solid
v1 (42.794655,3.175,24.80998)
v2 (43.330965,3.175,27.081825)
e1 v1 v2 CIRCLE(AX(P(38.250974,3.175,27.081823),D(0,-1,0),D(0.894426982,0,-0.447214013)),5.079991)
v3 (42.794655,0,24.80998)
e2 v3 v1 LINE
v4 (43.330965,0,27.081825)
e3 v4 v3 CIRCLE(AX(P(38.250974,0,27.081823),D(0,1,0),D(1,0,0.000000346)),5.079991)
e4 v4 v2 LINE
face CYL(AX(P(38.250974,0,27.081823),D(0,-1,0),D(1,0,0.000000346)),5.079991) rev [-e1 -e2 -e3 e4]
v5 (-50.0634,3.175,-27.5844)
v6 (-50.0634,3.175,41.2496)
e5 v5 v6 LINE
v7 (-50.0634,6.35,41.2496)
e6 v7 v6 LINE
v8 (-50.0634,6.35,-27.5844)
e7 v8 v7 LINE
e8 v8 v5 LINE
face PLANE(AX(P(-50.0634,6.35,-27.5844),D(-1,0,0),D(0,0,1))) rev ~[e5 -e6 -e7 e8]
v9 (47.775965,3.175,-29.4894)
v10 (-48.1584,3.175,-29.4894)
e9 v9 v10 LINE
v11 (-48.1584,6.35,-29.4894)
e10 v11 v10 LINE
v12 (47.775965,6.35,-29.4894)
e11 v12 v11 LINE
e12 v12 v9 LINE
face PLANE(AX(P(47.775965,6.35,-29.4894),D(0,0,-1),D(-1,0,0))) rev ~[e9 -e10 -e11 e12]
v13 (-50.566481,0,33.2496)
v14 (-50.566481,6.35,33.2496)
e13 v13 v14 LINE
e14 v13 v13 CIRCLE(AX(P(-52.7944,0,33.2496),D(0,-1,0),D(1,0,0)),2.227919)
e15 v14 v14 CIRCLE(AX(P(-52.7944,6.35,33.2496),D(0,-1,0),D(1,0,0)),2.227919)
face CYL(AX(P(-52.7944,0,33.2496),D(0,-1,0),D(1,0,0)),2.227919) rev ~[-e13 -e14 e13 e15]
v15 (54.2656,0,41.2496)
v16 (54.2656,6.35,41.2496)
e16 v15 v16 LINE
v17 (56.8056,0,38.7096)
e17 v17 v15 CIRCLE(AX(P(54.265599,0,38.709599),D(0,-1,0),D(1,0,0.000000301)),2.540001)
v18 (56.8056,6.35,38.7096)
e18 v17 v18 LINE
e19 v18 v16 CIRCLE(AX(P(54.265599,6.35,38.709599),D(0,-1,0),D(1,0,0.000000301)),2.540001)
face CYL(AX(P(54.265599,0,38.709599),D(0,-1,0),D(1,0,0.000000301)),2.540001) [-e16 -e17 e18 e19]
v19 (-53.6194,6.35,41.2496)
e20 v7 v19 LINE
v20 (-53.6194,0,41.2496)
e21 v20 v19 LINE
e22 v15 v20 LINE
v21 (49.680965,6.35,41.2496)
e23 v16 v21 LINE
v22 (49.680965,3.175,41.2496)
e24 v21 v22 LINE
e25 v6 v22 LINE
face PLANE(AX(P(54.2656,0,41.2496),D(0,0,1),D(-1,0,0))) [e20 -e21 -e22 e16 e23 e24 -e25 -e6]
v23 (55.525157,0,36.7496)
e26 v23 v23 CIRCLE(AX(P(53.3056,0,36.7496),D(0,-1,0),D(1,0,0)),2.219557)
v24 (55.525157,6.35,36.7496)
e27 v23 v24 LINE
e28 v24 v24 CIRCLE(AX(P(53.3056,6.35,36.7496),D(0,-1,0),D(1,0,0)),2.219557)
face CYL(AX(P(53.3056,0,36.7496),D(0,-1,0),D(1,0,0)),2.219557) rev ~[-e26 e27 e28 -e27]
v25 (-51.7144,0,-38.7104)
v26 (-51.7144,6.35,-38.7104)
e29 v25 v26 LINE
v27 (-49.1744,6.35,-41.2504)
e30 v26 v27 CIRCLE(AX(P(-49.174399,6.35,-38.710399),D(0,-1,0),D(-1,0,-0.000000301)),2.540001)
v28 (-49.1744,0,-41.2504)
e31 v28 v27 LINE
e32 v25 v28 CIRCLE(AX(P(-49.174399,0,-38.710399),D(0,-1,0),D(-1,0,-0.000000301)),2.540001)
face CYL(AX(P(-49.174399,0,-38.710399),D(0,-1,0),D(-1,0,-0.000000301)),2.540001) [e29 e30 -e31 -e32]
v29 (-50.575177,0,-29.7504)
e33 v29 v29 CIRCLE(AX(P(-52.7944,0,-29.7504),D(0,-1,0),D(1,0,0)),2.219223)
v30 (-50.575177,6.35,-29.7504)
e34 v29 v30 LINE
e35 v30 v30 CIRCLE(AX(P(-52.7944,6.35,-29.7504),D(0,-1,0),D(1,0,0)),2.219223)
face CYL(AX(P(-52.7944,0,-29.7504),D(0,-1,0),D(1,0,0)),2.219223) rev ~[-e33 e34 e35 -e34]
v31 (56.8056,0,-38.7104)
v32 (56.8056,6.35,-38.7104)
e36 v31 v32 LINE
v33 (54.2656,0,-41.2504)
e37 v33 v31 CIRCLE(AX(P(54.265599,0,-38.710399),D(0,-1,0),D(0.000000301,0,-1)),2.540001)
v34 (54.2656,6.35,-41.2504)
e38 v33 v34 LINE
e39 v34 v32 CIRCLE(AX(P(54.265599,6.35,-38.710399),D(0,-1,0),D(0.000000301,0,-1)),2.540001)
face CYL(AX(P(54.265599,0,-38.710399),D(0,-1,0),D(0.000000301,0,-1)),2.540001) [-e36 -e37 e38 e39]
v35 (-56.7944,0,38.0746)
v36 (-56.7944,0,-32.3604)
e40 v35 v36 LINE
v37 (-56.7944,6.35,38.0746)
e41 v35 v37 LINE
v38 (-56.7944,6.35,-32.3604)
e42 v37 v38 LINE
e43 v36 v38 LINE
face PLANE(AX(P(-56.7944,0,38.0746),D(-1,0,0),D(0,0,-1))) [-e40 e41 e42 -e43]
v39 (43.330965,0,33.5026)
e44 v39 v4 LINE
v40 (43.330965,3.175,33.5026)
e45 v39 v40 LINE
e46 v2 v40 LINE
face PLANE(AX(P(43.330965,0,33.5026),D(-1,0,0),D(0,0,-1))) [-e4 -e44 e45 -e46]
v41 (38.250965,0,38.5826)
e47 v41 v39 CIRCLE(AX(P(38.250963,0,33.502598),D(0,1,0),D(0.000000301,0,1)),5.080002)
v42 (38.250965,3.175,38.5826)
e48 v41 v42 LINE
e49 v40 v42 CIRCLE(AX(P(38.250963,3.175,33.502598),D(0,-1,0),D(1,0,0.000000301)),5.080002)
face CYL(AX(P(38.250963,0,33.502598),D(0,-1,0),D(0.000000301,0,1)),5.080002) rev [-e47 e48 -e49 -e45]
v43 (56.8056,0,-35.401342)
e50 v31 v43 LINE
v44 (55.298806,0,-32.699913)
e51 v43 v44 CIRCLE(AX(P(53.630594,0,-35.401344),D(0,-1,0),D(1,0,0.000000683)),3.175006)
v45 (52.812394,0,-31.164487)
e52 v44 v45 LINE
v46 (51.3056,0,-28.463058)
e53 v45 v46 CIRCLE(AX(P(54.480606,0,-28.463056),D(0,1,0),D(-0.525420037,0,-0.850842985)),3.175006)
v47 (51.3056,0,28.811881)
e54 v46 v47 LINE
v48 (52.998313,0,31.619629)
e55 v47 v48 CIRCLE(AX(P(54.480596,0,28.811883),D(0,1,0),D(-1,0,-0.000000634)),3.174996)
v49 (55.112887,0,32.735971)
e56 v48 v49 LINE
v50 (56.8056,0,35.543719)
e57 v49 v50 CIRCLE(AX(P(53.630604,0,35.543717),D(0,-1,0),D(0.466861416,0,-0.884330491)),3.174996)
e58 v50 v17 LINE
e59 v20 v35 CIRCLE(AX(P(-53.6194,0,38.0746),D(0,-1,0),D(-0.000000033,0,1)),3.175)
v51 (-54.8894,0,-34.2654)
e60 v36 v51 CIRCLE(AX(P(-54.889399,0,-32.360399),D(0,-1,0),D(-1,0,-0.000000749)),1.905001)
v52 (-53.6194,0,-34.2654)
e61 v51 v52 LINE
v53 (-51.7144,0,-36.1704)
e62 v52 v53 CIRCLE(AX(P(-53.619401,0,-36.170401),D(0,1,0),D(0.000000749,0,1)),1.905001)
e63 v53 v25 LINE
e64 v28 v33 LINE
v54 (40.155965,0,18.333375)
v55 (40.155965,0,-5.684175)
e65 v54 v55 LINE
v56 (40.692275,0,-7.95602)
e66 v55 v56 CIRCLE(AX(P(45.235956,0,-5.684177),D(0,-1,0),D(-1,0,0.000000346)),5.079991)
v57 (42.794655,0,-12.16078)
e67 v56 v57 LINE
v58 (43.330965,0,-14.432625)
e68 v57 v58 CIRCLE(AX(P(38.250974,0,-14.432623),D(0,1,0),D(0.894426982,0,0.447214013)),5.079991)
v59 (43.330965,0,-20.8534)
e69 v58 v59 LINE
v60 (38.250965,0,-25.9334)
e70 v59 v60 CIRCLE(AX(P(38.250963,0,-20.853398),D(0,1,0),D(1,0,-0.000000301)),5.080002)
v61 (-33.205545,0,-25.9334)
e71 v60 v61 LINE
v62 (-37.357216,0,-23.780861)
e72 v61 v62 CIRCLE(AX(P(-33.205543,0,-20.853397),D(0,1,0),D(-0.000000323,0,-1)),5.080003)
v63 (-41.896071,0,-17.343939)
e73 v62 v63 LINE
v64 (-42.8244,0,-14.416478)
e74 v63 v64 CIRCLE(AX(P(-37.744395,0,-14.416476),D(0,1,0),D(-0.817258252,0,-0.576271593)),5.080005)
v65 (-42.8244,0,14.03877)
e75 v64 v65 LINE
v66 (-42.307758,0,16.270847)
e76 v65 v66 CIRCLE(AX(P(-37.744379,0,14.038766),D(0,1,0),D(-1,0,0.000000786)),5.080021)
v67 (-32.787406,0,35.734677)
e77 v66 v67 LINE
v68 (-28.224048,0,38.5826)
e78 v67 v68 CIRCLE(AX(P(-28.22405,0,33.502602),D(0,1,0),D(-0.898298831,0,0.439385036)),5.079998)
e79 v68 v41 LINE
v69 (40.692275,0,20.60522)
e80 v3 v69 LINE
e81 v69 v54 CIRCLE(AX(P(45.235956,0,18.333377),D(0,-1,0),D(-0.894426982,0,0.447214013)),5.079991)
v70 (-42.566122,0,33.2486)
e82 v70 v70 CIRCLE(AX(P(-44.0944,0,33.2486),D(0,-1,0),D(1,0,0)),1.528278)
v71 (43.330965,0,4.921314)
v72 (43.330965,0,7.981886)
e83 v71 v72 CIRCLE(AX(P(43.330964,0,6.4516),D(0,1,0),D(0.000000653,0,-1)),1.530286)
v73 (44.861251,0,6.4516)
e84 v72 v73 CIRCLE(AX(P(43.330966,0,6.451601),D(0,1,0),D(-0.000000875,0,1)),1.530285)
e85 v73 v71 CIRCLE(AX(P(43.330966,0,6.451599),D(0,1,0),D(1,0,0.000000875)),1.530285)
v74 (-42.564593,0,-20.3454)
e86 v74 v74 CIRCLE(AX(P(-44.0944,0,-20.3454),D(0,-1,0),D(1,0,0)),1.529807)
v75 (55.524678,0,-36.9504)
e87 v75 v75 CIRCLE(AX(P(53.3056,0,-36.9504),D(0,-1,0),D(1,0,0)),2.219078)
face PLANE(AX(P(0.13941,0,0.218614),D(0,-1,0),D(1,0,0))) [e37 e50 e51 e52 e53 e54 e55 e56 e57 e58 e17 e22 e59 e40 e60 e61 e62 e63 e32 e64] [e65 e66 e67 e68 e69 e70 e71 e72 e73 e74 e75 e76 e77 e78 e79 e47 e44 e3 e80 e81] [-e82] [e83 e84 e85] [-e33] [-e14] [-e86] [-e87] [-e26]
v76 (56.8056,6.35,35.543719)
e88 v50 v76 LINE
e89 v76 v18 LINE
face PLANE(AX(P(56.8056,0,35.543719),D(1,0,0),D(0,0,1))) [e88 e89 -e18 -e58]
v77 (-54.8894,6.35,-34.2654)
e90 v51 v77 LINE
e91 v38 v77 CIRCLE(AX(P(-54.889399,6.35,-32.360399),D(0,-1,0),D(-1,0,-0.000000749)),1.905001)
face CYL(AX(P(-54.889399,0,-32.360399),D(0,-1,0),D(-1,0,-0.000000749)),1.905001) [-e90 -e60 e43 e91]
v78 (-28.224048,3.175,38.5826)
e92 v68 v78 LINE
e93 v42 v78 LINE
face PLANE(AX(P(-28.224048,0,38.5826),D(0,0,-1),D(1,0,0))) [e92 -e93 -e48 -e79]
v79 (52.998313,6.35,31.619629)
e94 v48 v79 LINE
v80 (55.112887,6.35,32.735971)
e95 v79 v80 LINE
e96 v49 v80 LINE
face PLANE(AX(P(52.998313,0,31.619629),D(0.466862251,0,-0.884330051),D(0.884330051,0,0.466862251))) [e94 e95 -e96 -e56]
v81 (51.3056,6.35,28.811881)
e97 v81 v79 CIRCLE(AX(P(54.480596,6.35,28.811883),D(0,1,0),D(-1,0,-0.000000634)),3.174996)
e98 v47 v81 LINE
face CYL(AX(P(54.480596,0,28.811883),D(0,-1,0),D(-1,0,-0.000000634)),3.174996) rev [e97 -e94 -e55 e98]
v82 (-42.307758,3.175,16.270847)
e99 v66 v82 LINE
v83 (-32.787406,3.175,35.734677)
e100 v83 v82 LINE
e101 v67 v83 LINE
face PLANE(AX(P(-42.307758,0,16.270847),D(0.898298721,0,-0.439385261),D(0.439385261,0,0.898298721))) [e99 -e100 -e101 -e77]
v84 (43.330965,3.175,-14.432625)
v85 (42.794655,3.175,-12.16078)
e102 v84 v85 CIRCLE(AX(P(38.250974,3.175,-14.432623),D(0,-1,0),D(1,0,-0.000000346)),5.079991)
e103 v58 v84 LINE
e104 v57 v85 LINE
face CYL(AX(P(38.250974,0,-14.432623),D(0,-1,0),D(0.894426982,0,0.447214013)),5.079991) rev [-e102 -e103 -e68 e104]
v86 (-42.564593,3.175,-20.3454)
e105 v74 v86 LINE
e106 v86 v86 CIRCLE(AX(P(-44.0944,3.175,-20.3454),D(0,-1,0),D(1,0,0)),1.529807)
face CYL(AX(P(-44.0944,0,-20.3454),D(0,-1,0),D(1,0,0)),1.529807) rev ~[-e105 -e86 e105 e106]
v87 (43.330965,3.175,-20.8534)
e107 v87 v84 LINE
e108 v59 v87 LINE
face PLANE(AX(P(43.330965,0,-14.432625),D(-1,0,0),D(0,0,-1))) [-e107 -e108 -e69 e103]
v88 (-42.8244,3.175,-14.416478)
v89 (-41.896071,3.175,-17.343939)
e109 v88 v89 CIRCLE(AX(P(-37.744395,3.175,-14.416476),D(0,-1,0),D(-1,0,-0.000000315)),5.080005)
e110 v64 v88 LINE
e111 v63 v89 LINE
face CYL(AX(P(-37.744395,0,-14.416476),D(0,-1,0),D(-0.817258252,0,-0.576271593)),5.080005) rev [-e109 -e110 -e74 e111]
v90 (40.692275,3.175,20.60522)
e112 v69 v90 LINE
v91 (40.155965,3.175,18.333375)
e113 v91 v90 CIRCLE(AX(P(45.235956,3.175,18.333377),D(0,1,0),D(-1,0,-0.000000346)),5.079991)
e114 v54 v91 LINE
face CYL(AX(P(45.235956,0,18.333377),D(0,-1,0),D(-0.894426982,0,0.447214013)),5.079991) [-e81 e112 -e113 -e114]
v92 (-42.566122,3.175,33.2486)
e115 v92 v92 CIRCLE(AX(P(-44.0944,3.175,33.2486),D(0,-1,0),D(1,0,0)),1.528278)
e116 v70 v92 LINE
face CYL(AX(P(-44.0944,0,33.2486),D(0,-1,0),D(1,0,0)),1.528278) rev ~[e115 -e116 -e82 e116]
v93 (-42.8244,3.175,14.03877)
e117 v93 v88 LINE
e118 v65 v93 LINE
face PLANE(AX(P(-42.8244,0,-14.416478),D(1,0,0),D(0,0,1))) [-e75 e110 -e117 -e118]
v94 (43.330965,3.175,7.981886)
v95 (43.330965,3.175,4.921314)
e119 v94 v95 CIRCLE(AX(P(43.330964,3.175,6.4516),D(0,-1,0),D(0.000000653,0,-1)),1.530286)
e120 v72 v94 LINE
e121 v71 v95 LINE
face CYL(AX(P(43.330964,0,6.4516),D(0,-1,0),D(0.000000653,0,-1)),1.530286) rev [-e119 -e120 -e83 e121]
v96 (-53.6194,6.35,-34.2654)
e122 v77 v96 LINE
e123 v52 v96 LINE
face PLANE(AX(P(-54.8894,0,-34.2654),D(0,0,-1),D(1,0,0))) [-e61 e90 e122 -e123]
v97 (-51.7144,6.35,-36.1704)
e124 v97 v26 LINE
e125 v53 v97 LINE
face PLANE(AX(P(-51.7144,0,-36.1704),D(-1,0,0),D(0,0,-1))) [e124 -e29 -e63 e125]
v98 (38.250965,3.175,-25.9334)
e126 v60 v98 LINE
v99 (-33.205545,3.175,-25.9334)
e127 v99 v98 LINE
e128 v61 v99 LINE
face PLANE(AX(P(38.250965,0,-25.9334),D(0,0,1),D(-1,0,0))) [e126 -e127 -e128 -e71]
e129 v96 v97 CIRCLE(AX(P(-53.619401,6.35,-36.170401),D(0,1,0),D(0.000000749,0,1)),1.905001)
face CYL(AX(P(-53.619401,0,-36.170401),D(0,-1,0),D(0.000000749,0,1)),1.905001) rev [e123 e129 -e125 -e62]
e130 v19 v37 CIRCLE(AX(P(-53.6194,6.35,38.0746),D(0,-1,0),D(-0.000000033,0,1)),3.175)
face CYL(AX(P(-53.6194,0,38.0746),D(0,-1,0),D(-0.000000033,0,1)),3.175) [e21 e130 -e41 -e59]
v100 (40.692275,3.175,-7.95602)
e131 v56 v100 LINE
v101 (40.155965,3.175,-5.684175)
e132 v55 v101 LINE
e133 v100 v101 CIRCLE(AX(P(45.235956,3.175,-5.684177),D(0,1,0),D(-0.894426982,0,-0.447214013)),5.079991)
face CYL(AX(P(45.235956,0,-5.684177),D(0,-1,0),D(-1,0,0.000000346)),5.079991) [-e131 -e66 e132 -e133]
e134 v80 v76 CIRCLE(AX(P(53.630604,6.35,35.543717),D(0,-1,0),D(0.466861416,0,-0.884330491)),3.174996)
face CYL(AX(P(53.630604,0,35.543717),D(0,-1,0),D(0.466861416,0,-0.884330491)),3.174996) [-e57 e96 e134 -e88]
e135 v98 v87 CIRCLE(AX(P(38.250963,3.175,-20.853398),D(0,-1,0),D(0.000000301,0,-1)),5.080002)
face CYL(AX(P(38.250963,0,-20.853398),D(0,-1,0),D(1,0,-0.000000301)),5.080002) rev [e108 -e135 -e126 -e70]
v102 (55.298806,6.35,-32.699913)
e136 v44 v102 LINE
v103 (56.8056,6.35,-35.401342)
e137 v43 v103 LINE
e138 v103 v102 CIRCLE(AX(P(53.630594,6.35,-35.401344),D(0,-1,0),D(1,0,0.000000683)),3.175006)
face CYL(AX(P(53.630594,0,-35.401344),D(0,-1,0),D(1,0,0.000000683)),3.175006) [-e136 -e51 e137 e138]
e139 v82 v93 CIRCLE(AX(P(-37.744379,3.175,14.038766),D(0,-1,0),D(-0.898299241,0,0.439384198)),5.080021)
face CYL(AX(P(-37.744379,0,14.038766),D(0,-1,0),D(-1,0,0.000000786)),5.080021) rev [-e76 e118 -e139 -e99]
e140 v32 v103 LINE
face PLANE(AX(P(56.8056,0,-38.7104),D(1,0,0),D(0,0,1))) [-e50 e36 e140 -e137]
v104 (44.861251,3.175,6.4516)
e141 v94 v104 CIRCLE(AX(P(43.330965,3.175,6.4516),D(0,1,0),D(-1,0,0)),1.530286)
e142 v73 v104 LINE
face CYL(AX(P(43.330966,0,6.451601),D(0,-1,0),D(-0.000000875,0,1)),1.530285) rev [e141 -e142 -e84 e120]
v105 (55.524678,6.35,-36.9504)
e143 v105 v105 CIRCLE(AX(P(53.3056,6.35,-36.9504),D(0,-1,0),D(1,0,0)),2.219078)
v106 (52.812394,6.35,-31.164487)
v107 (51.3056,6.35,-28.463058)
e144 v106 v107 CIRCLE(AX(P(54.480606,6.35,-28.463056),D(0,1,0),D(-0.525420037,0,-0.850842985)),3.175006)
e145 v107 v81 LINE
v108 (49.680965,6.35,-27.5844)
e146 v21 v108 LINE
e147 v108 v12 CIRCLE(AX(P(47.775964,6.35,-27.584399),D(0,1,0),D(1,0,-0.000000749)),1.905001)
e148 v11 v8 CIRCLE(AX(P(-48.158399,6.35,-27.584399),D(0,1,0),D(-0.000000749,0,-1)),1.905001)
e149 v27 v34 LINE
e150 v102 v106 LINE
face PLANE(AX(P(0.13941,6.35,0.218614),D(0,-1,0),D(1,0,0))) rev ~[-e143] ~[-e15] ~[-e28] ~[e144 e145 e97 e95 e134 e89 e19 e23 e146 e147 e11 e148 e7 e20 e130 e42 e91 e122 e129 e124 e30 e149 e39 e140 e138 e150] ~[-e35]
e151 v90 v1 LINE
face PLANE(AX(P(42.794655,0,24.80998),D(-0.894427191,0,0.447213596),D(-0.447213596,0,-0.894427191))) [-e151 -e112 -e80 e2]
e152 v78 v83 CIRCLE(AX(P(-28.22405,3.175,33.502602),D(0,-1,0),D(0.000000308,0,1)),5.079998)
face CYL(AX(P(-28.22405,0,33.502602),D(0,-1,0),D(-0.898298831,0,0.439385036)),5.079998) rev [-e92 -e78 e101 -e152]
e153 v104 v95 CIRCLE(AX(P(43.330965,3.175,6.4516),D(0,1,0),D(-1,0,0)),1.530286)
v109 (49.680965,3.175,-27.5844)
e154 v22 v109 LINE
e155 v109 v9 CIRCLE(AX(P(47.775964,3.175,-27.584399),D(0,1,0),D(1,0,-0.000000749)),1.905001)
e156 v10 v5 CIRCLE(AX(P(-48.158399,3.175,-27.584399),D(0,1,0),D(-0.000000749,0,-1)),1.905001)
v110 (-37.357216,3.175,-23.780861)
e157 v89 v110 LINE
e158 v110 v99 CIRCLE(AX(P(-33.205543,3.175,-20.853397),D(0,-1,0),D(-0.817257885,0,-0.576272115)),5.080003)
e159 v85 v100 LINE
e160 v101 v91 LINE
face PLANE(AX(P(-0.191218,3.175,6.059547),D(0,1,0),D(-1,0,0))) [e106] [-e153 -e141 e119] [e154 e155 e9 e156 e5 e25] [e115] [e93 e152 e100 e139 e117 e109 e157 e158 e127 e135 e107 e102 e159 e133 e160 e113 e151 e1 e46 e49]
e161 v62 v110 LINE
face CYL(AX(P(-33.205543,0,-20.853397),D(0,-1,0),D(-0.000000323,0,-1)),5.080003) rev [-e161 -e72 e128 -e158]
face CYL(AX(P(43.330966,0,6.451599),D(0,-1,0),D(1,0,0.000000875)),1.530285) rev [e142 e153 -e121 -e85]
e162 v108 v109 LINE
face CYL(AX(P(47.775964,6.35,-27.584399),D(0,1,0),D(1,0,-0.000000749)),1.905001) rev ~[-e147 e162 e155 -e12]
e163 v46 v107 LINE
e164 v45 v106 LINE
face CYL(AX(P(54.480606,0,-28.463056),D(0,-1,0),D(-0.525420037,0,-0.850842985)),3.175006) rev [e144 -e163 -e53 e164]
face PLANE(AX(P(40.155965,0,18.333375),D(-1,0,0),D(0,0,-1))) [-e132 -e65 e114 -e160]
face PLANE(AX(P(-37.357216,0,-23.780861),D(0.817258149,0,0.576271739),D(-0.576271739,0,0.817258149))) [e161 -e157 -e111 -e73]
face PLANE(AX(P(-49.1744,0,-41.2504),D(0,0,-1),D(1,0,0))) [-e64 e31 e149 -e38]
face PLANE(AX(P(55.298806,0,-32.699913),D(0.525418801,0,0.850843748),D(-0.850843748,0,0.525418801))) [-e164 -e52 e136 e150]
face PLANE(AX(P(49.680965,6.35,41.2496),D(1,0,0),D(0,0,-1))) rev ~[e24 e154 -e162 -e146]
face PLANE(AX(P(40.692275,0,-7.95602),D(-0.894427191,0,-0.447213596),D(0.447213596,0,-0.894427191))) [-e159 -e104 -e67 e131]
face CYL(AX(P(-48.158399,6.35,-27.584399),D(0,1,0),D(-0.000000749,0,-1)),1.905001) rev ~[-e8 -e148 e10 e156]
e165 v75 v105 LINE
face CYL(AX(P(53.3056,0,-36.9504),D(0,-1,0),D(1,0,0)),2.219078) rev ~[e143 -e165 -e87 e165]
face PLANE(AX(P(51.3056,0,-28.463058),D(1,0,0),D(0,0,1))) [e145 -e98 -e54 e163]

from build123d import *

# Parameters (mm, degrees)
F0_R     = 2.219223
F0_R_2   = 1.529807
F0_R_3   = 2.219078
F0_R_4   = 2.227919
F0_R_5   = 1.528278
F0_R_6   = 2.219557
F1_DEPTH = 6.35
F2_R     = 1.529807
F2_R_2   = 1.530286
F2_R_3   = 1.528278
F3_DEPTH = 3.175


with BuildPart() as f1:
    # F0 (on Front) → F1 (new body)
    with BuildSketch(Plane.XZ):
        with BuildLine():
            Line((54.2656, 41.2496), (-53.6194, 41.2496))
            ThreePointArc((-53.6194, 41.2496), (-55.864464, 40.319664), (-56.7944, 38.0746))
            Line((-56.7944, 38.0746), (-56.7944, -32.3604))
            ThreePointArc((-56.7944, -32.3604), (-56.236438, -33.707438), (-54.8894, -34.2654))
            Line((-54.8894, -34.2654), (-53.6194, -34.2654))
            ThreePointArc((-53.6194, -34.2654), (-52.272362, -34.823362), (-51.7144, -36.1704))
            Line((-51.7144, -36.1704), (-51.7144, -38.7104))
            ThreePointArc((-51.7144, -38.7104), (-50.970451, -40.506451), (-49.1744, -41.2504))
            Line((-49.1744, -41.2504), (54.2656, -41.2504))
            ThreePointArc((54.2656, -41.2504), (56.061651, -40.506451), (56.8056, -38.7104))
            Line((56.8056, -38.7104), (56.8056, -35.401342))
            ThreePointArc((56.8056, -35.401342), (56.40343, -33.854721), (55.298806, -32.699913))
            Line((55.298806, -32.699913), (52.812394, -31.164487))
            ThreePointArc((52.812394, -31.164487), (51.70777, -30.009679), (51.3056, -28.463058))
            Line((51.3056, -28.463058), (51.3056, 28.811881))
            ThreePointArc((51.3056, 28.811881), (51.761511, 30.451144), (52.998313, 31.619629))
            Line((52.998313, 31.619629), (55.112887, 32.735971))
            ThreePointArc((55.112887, 32.735971), (56.349689, 33.904456), (56.8056, 35.543719))
            Line((56.8056, 35.543719), (56.8056, 38.7096))
            ThreePointArc((56.8056, 38.7096), (56.061651, 40.505651), (54.2656, 41.2496))
        make_face()
        with Locations((-52.7944, -29.7504)):
            Circle(F0_R, mode=Mode.SUBTRACT)
        with Locations((-44.0944, -20.3454)):
            Circle(F0_R_2, mode=Mode.SUBTRACT)
        with Locations((53.3056, -36.9504)):
            Circle(F0_R_3, mode=Mode.SUBTRACT)
        with Locations((-52.7944, 33.2496)):
            Circle(F0_R_4, mode=Mode.SUBTRACT)
        with Locations((-44.0944, 33.2486)):
            Circle(F0_R_5, mode=Mode.SUBTRACT)
        with BuildLine():
            ThreePointArc((43.330965, -20.8534), (41.843067, -24.445502), (38.250965, -25.9334))
            Line((38.250965, -25.9334), (-33.205545, -25.9334))
            ThreePointArc((-33.205545, -25.9334), (-35.543803, -25.363272), (-37.357216, -23.780861))
            Line((-37.357216, -23.780861), (-41.896071, -17.343939))
            ThreePointArc((-41.896071, -17.343939), (-42.586759, -15.952042), (-42.8244, -14.416478))
            Line((-42.8244, -14.416478), (-42.8244, 14.03877))
            ThreePointArc((-42.8244, 14.03877), (-42.693554, 15.184314), (-42.307758, 16.270847))
            Line((-42.307758, 16.270847), (-32.787406, 35.734677))
            ThreePointArc((-32.787406, 35.734677), (-30.913607, 37.812203), (-28.224048, 38.5826))
            Line((-28.224048, 38.5826), (38.250965, 38.5826))
            ThreePointArc((38.250965, 38.5826), (41.843067, 37.094702), (43.330965, 33.5026))
            Line((43.330965, 33.5026), (43.330965, 27.081825))
            ThreePointArc((43.330965, 27.081825), (43.19507, 25.91468), (42.794655, 24.80998))
            Line((42.794655, 24.80998), (40.692275, 20.60522))
            ThreePointArc((40.692275, 20.60522), (40.29186, 19.50052), (40.155965, 18.333375))
            Line((40.155965, 18.333375), (40.155965, -5.684175))
            ThreePointArc((40.155965, -5.684175), (40.29186, -6.85132), (40.692275, -7.95602))
            Line((40.692275, -7.95602), (42.794655, -12.16078))
            ThreePointArc((42.794655, -12.16078), (43.19507, -13.26548), (43.330965, -14.432625))
            Line((43.330965, -14.432625), (43.330965, -20.8534))
        make_face(mode=Mode.SUBTRACT)
        with BuildLine():
            ThreePointArc((43.330965, 7.981886), (44.413041, 7.533676), (44.861251, 6.4516))
            ThreePointArc((44.861251, 6.4516), (44.413041, 5.369524), (43.330965, 4.921314))
            ThreePointArc((43.330965, 4.921314), (41.800678, 6.4516), (43.330965, 7.981886))
        make_face(mode=Mode.SUBTRACT)
        with Locations((53.3056, 36.7496)):
            Circle(F0_R_6, mode=Mode.SUBTRACT)
    extrude(amount=-F1_DEPTH)

    # F2 (on face) → F3 (cut)
    with BuildSketch(Plane(origin=(0, 6.35, 0), x_dir=(-1, 0, 0), z_dir=(0, 1, 0))):
        with BuildLine():
            Line((-47.775965, -29.4894), (48.1584, -29.4894))
            ThreePointArc((48.1584, -29.4894), (49.505438, -28.931438), (50.0634, -27.5844))
            Line((50.0634, -27.5844), (50.0634, 41.2496))
            Line((50.0634, 41.2496), (-49.680965, 41.2496))
            Line((-49.680965, 41.2496), (-49.680965, -27.5844))
            ThreePointArc((-49.680965, -27.5844), (-49.123003, -28.931438), (-47.775965, -29.4894))
        make_face()
        with Locations((44.0944, -20.3454)):
            Circle(F2_R, mode=Mode.SUBTRACT)
        with Locations((-43.330965, 6.4516)):
            Circle(F2_R_2, mode=Mode.SUBTRACT)
        with BuildLine():
            ThreePointArc((-40.692275, -7.95602), (-40.29186, -6.85132), (-40.155965, -5.684175))
            Line((-40.155965, -5.684175), (-40.155965, 18.333375))
            ThreePointArc((-40.155965, 18.333375), (-40.29186, 19.50052), (-40.692275, 20.60522))
            Line((-40.692275, 20.60522), (-42.794655, 24.80998))
            ThreePointArc((-42.794655, 24.80998), (-43.19507, 25.91468), (-43.330965, 27.081825))
            Line((-43.330965, 27.081825), (-43.330965, 33.5026))
            ThreePointArc((-43.330965, 33.5026), (-41.843067, 37.094702), (-38.250965, 38.5826))
            Line((-38.250965, 38.5826), (28.224048, 38.5826))
            ThreePointArc((28.224048, 38.5826), (30.913607, 37.812203), (32.787406, 35.734677))
            Line((32.787406, 35.734677), (42.307758, 16.270847))
            ThreePointArc((42.307758, 16.270847), (42.693554, 15.184314), (42.8244, 14.03877))
            Line((42.8244, 14.03877), (42.8244, -14.416478))
            ThreePointArc((42.8244, -14.416478), (42.586759, -15.952042), (41.896071, -17.343939))
            Line((41.896071, -17.343939), (37.357216, -23.780861))
            ThreePointArc((37.357216, -23.780861), (35.543803, -25.363272), (33.205545, -25.9334))
            Line((33.205545, -25.9334), (-38.250965, -25.9334))
            ThreePointArc((-38.250965, -25.9334), (-41.843067, -24.445502), (-43.330965, -20.8534))
            Line((-43.330965, -20.8534), (-43.330965, -14.432625))
            ThreePointArc((-43.330965, -14.432625), (-43.19507, -13.26548), (-42.794655, -12.16078))
            Line((-42.794655, -12.16078), (-40.692275, -7.95602))
        make_face(mode=Mode.SUBTRACT)
        with Locations((44.0944, 33.2486)):
            Circle(F2_R_3, mode=Mode.SUBTRACT)
    extrude(amount=-F3_DEPTH, mode=Mode.SUBTRACT)


solid = f1.part
